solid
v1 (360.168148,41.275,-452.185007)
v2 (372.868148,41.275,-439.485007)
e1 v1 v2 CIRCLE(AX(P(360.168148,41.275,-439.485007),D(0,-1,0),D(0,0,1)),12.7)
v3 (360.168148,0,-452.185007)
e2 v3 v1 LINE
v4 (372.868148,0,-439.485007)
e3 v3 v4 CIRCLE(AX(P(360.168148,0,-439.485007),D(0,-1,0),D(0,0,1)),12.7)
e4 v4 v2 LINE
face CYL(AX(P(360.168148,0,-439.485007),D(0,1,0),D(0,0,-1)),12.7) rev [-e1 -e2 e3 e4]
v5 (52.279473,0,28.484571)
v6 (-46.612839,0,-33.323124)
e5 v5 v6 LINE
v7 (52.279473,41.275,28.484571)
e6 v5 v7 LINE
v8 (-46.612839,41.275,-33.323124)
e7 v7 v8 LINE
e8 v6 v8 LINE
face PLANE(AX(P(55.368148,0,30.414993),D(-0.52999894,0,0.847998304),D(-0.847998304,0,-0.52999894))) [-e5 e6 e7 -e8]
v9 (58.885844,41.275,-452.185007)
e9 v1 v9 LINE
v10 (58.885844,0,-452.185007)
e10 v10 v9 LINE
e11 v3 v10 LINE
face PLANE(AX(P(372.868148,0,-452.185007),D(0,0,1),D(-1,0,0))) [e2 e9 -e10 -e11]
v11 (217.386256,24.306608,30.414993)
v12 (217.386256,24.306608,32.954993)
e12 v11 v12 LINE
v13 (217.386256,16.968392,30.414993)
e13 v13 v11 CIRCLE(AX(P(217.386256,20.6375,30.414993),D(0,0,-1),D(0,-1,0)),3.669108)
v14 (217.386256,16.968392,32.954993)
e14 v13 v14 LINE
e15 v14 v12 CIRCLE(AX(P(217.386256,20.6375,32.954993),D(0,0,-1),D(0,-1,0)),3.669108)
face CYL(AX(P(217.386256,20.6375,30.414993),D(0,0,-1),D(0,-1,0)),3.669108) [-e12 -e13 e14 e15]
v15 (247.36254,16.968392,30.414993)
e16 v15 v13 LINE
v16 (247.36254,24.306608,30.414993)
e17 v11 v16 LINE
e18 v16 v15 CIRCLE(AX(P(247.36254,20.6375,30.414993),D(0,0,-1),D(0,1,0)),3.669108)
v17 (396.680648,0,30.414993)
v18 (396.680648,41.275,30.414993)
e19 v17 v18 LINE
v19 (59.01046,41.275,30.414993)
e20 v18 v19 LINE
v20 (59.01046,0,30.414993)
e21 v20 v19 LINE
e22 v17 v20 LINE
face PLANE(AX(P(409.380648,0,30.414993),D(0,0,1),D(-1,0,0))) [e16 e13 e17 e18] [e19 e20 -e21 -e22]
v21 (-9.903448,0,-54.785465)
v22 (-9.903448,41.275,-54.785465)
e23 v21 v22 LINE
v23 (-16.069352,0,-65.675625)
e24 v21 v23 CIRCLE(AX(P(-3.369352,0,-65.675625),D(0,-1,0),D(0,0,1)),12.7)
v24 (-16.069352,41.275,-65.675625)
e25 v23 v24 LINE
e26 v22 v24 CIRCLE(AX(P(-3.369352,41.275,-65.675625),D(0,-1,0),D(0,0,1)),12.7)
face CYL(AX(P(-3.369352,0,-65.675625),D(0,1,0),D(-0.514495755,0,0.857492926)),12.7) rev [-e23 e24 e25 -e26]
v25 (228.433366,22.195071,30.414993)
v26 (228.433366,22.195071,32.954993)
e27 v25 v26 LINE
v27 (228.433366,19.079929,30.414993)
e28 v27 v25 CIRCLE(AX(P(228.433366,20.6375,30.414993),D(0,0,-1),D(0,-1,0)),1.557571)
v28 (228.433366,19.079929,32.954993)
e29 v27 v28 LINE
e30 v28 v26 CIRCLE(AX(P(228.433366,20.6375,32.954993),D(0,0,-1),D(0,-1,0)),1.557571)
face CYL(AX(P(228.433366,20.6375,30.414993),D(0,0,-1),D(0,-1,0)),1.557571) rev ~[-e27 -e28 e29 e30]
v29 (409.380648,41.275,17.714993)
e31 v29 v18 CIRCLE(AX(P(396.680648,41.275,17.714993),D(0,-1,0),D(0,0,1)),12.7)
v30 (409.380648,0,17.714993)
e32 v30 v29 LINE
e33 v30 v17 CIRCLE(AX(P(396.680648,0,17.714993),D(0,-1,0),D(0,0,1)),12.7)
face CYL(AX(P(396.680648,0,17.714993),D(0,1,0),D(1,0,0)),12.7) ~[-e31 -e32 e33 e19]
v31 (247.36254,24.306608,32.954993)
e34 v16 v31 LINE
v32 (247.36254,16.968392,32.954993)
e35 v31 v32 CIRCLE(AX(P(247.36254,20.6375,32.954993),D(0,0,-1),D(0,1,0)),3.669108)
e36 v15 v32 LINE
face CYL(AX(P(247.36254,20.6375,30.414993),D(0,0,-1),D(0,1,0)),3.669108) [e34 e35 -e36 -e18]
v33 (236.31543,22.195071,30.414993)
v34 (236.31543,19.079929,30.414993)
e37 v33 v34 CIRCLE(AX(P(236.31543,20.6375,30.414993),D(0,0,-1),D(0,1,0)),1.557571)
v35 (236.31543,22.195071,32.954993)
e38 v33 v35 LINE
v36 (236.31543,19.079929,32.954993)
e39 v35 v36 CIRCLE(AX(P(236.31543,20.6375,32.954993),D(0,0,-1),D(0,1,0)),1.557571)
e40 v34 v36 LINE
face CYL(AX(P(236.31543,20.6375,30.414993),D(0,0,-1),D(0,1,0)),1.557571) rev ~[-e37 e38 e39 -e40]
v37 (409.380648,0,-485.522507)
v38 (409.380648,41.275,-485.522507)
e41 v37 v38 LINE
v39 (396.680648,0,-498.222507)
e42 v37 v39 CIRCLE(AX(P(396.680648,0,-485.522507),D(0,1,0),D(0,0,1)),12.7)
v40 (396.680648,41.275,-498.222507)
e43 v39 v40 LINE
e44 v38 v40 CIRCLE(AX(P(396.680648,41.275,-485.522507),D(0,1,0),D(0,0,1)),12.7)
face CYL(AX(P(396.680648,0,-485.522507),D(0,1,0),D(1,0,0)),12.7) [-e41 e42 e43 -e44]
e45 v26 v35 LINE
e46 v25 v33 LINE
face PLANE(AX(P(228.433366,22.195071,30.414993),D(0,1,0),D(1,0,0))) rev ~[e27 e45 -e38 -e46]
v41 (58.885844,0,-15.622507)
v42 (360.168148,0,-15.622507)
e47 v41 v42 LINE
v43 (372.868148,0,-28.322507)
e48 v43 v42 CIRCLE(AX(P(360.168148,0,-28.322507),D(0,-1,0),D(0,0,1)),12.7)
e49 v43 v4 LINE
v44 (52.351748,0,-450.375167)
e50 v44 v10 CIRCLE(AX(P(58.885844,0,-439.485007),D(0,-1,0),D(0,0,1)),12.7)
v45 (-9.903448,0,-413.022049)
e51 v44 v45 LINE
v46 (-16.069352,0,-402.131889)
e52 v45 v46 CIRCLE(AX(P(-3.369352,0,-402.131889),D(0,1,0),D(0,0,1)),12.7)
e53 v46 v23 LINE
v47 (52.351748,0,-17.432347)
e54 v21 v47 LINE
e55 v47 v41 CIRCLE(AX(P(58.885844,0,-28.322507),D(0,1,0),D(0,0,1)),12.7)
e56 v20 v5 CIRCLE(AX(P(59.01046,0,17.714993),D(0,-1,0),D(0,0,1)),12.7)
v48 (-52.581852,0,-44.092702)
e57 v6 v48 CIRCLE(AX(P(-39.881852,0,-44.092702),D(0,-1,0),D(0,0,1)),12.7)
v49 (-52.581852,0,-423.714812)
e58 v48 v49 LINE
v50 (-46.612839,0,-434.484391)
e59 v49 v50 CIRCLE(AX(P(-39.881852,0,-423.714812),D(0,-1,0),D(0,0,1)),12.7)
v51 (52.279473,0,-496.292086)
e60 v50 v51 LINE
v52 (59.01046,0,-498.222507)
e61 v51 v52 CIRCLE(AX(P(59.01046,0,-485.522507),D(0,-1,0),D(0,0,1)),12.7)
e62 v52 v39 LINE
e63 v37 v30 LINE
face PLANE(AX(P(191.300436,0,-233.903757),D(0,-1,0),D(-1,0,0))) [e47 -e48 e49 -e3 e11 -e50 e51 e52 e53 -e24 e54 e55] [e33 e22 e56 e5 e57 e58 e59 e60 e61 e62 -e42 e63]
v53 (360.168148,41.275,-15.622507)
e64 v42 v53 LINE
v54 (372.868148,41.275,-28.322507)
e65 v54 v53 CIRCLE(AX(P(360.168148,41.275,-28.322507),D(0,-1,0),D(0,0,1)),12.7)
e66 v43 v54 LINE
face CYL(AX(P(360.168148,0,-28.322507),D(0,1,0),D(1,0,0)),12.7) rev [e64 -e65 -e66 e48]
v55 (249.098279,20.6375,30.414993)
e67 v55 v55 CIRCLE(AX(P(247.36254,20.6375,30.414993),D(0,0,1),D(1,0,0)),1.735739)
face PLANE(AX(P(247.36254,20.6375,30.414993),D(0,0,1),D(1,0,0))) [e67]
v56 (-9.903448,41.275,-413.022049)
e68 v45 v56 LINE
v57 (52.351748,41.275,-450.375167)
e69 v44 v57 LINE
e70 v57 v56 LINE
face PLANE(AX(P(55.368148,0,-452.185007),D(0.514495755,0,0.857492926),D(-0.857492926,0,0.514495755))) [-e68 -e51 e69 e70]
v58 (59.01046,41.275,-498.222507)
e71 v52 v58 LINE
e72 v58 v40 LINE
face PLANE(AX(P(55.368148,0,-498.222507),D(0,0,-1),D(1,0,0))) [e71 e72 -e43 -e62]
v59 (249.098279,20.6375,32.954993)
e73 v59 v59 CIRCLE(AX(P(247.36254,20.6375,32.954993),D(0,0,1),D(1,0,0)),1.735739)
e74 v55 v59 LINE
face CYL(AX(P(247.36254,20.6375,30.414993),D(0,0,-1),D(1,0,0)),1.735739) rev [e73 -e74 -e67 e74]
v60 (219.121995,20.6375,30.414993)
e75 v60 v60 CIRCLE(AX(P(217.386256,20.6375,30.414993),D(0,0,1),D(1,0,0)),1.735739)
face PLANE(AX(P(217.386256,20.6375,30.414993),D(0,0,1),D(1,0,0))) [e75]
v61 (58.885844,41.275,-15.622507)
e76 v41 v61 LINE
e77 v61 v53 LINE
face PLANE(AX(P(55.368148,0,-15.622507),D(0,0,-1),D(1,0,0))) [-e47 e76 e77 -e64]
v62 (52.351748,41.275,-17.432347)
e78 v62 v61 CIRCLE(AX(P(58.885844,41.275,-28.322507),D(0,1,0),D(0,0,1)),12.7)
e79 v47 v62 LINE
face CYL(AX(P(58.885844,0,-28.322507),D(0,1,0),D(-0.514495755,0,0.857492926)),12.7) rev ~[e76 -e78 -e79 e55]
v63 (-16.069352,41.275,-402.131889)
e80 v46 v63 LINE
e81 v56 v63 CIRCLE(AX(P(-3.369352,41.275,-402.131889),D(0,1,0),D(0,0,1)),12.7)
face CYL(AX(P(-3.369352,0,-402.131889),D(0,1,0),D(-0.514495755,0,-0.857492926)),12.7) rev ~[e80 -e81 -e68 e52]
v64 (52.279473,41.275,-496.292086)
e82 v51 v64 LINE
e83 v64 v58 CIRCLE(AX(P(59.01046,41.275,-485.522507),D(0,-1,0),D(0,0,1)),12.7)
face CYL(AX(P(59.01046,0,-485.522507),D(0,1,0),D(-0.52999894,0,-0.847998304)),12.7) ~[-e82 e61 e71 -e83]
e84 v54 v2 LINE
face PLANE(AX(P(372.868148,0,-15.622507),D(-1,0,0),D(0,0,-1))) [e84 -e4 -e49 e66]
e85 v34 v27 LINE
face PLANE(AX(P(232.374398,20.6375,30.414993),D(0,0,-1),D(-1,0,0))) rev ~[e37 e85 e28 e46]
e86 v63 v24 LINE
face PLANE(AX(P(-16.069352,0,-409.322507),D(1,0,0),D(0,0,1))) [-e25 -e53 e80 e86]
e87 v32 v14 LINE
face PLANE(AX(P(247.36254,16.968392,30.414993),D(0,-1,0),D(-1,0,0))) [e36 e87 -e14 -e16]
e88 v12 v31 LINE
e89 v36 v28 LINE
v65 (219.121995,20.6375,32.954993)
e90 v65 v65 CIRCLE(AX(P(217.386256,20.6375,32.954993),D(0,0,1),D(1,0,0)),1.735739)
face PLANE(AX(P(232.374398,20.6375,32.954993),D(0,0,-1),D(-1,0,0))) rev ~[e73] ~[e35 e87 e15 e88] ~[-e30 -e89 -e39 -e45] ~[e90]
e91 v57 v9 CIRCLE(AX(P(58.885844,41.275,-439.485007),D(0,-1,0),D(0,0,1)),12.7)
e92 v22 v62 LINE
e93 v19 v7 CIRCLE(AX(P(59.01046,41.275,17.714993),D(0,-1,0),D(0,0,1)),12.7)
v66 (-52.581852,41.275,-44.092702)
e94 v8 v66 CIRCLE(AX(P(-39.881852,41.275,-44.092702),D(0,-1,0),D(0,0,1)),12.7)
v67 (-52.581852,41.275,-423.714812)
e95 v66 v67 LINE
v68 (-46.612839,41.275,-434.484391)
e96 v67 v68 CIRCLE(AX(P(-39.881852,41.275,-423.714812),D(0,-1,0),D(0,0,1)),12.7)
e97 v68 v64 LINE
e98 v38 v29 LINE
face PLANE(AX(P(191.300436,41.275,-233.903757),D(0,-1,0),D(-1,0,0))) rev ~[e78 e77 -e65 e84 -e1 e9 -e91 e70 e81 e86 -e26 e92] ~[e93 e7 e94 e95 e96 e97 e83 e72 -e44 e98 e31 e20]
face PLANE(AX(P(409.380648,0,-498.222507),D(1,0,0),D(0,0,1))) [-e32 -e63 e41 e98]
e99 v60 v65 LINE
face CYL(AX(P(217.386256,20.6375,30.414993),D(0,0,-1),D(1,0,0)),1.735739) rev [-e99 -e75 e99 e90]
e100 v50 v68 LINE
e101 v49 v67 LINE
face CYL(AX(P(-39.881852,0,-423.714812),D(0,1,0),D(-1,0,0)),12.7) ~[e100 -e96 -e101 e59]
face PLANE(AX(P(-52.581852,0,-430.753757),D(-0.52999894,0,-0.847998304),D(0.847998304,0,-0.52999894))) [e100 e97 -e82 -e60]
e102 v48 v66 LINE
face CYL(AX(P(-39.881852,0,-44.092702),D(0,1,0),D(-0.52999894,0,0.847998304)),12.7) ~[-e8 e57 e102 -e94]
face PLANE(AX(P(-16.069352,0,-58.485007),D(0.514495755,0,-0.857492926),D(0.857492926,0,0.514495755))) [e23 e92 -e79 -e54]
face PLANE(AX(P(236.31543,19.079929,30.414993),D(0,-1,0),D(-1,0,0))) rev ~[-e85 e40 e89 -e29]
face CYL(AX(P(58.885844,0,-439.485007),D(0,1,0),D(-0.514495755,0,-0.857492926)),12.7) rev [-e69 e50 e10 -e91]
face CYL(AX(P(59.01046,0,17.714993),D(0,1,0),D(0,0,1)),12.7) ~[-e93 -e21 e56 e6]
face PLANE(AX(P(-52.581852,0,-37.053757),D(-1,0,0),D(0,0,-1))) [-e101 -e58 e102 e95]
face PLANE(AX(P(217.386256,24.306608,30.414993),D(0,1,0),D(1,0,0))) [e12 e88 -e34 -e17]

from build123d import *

# Parameters (mm, degrees)
SALIENTE_EXTRUIR2_DEPTH = 41.275
CROQUIS2_5_OUTSIDE_W    = 604.615
CROQUIS2_5_OUTSIDE_H    = 671.29
CORTAR_EXTRUIR2_DEPTH   = 41.275
SALIENTE_EXTRUIR4_DEPTH = 2.54
CROQUIS3_5_OUTSIDE_W    = 604.997
CROQUIS3_5_OUTSIDE_H    = 184.309
CROQUIS3_5_OUTSIDE_R    = 1.735738664
CORTAR_EXTRUIR3_DEPTH   = 2.54
REDONDEO1_R             = 12.7
REDONDEO2_R             = 12.7
REDONDEO3_R             = 12.7
REDONDEO4_R             = 12.7
REDONDEO5_R             = 12.7
REDONDEO6_R             = 12.7
REDONDEO7_R             = 12.7
REDONDEO8_R             = 12.7
REDONDEO9_R             = 12.7
REDONDEO10_R            = 12.7
REDONDEO11_R            = 12.7
REDONDEO12_R            = 12.7


with BuildPart() as part:
    # Croquis2 → Saliente-Extruir2 (new body)
    with BuildSketch(Plane(origin=(0, 0, 0), x_dir=(1, 0, 0), z_dir=(0, 1, 0))):
        Polygon((409.380647902, 498.22250712), (409.380647902, -30.41499288), (55.368147902, -30.41499288), (-52.581852098, 37.05375712), (-52.581852098, 430.75375712), (55.368147902, 498.22250712), align=None)
    extrude(amount=SALIENTE_EXTRUIR2_DEPTH)

    # Croquis2<5> outside → Cortar-Extruir2 (cut)
    # profile 1 of 2: a face of its own
    with BuildSketch(Plane(origin=(0, 0, 0), x_dir=(1, 0, 0), z_dir=(0, 1, 0))):
        with Locations((178.3995, 233.904)):
            Rectangle(CROQUIS2_5_OUTSIDE_W, CROQUIS2_5_OUTSIDE_H)
        Polygon((409.380647902, 498.22250712), (409.380647902, -30.41499288), (55.368147902, -30.41499288), (-52.581852098, 37.05375712), (-52.581852098, 430.75375712), (55.368147902, 498.22250712), align=None, mode=Mode.SUBTRACT)
    # profile 2 of 2: a face of its own
    with BuildSketch(Plane(origin=(0, 0, 0), x_dir=(1, 0, 0), z_dir=(0, 1, 0))):
        Polygon((55.368147902, 15.62250712), (372.868147902, 15.62250712), (372.868147902, 452.18500712), (55.368147902, 452.18500712), (-16.069352098, 409.32250712), (-16.069352098, 58.48500712), align=None)
    extrude(amount=CORTAR_EXTRUIR2_DEPTH, mode=Mode.SUBTRACT)

    # Croquis3 → Saliente-Extruir4 (add)
    with BuildSketch(Plane.XY.offset(30.41499288)):
        with BuildLine():
            Line((217.386255897, 24.306608413), (247.362539906, 24.306608413))
            ThreePointArc((247.362539906, 24.306608413), (251.03164832, 20.6375), (247.362539906, 16.968391587))
            Line((247.362539906, 16.968391587), (217.386255897, 16.968391587))
            ThreePointArc((217.386255897, 16.968391587), (213.717147484, 20.6375), (217.386255897, 24.306608413))
        make_face()
    extrude(amount=SALIENTE_EXTRUIR4_DEPTH)

    # Croquis3<5> outside → Cortar-Extruir3 (cut)
    # profile 1 of 4: a face of its own
    with BuildSketch(Plane.XY.offset(30.41499288)):
        with Locations((178.3995, 20.6375)):
            Rectangle(CROQUIS3_5_OUTSIDE_W, CROQUIS3_5_OUTSIDE_H)
        with BuildLine():
            Line((217.386255897, 24.306608413), (247.362539906, 24.306608413))
            ThreePointArc((247.362539906, 24.306608413), (251.03164832, 20.6375), (247.362539906, 16.968391587))
            Line((247.362539906, 16.968391587), (217.386255897, 16.968391587))
            ThreePointArc((217.386255897, 16.968391587), (213.717147484, 20.6375), (217.386255897, 24.306608413))
        make_face(mode=Mode.SUBTRACT)
    # profile 2 of 4: a face of its own
    with BuildSketch(Plane.XY.offset(30.41499288)):
        with Locations((217.386255897, 20.6375)):
            Circle(CROQUIS3_5_OUTSIDE_R)
    # profile 3 of 4: a face of its own
    with BuildSketch(Plane.XY.offset(30.41499288)):
        with Locations((247.362539906, 20.6375)):
            Circle(CROQUIS3_5_OUTSIDE_R)
    # profile 4 of 4: a face of its own
    with BuildSketch(Plane.XY.offset(30.41499288)):
        with BuildLine():
            Line((228.433365542, 22.195071447), (236.315430261, 22.195071447))
            ThreePointArc((236.315430261, 22.195071447), (237.873001708, 20.6375), (236.315430261, 19.079928553))
            Line((236.315430261, 19.079928553), (228.433365542, 19.079928553))
            ThreePointArc((228.433365542, 19.079928553), (226.875794095, 20.6375), (228.433365542, 22.195071447))
        make_face()
    extrude(amount=CORTAR_EXTRUIR3_DEPTH, mode=Mode.SUBTRACT)

    # Redondeo1
    redondeo1_edges = [part.edges().sort_by_distance(p)[0] for p in [
        (372.868147902, 20.6375, -452.18500712),
    ]]
    fillet(redondeo1_edges, radius=REDONDEO1_R)

    # Redondeo2
    redondeo2_edges = [part.edges().sort_by_distance(p)[0] for p in [
        (372.868147902, 20.6375, -15.62250712),
    ]]
    fillet(redondeo2_edges, radius=REDONDEO2_R)

    # Redondeo3
    redondeo3_edges = [part.edges().sort_by_distance(p)[0] for p in [
        (-16.069352098, 20.6375, -409.32250712),
    ]]
    fillet(redondeo3_edges, radius=REDONDEO3_R)

    # Redondeo4
    redondeo4_edges = [part.edges().sort_by_distance(p)[0] for p in [
        (55.368147902, 20.6375, -452.18500712),
    ]]
    fillet(redondeo4_edges, radius=REDONDEO4_R)

    # Redondeo5
    redondeo5_edges = [part.edges().sort_by_distance(p)[0] for p in [
        (55.368147902, 20.6375, -15.62250712),
    ]]
    fillet(redondeo5_edges, radius=REDONDEO5_R)

    # Redondeo6
    redondeo6_edges = [part.edges().sort_by_distance(p)[0] for p in [
        (-16.069352098, 20.6375, -58.48500712),
    ]]
    fillet(redondeo6_edges, radius=REDONDEO6_R)

    # Redondeo7
    redondeo7_edges = [part.edges().sort_by_distance(p)[0] for p in [
        (55.368147902, 20.6375, 30.41499288),
    ]]
    fillet(redondeo7_edges, radius=REDONDEO7_R)

    # Redondeo8
    redondeo8_edges = [part.edges().sort_by_distance(p)[0] for p in [
        (-52.581852098, 20.6375, -37.05375712),
    ]]
    fillet(redondeo8_edges, radius=REDONDEO8_R)

    # Redondeo9
    redondeo9_edges = [part.edges().sort_by_distance(p)[0] for p in [
        (-52.581852098, 20.6375, -430.75375712),
    ]]
    fillet(redondeo9_edges, radius=REDONDEO9_R)

    # Redondeo10
    redondeo10_edges = [part.edges().sort_by_distance(p)[0] for p in [
        (55.368147902, 20.6375, -498.22250712),
    ]]
    fillet(redondeo10_edges, radius=REDONDEO10_R)

    # Redondeo11
    redondeo11_edges = [part.edges().sort_by_distance(p)[0] for p in [
        (409.380647902, 20.6375, 30.41499288),
    ]]
    fillet(redondeo11_edges, radius=REDONDEO11_R)

    # Redondeo12
    redondeo12_edges = [part.edges().sort_by_distance(p)[0] for p in [
        (409.380647902, 20.6375, -498.22250712),
    ]]
    fillet(redondeo12_edges, radius=REDONDEO12_R)


solid = part.part
